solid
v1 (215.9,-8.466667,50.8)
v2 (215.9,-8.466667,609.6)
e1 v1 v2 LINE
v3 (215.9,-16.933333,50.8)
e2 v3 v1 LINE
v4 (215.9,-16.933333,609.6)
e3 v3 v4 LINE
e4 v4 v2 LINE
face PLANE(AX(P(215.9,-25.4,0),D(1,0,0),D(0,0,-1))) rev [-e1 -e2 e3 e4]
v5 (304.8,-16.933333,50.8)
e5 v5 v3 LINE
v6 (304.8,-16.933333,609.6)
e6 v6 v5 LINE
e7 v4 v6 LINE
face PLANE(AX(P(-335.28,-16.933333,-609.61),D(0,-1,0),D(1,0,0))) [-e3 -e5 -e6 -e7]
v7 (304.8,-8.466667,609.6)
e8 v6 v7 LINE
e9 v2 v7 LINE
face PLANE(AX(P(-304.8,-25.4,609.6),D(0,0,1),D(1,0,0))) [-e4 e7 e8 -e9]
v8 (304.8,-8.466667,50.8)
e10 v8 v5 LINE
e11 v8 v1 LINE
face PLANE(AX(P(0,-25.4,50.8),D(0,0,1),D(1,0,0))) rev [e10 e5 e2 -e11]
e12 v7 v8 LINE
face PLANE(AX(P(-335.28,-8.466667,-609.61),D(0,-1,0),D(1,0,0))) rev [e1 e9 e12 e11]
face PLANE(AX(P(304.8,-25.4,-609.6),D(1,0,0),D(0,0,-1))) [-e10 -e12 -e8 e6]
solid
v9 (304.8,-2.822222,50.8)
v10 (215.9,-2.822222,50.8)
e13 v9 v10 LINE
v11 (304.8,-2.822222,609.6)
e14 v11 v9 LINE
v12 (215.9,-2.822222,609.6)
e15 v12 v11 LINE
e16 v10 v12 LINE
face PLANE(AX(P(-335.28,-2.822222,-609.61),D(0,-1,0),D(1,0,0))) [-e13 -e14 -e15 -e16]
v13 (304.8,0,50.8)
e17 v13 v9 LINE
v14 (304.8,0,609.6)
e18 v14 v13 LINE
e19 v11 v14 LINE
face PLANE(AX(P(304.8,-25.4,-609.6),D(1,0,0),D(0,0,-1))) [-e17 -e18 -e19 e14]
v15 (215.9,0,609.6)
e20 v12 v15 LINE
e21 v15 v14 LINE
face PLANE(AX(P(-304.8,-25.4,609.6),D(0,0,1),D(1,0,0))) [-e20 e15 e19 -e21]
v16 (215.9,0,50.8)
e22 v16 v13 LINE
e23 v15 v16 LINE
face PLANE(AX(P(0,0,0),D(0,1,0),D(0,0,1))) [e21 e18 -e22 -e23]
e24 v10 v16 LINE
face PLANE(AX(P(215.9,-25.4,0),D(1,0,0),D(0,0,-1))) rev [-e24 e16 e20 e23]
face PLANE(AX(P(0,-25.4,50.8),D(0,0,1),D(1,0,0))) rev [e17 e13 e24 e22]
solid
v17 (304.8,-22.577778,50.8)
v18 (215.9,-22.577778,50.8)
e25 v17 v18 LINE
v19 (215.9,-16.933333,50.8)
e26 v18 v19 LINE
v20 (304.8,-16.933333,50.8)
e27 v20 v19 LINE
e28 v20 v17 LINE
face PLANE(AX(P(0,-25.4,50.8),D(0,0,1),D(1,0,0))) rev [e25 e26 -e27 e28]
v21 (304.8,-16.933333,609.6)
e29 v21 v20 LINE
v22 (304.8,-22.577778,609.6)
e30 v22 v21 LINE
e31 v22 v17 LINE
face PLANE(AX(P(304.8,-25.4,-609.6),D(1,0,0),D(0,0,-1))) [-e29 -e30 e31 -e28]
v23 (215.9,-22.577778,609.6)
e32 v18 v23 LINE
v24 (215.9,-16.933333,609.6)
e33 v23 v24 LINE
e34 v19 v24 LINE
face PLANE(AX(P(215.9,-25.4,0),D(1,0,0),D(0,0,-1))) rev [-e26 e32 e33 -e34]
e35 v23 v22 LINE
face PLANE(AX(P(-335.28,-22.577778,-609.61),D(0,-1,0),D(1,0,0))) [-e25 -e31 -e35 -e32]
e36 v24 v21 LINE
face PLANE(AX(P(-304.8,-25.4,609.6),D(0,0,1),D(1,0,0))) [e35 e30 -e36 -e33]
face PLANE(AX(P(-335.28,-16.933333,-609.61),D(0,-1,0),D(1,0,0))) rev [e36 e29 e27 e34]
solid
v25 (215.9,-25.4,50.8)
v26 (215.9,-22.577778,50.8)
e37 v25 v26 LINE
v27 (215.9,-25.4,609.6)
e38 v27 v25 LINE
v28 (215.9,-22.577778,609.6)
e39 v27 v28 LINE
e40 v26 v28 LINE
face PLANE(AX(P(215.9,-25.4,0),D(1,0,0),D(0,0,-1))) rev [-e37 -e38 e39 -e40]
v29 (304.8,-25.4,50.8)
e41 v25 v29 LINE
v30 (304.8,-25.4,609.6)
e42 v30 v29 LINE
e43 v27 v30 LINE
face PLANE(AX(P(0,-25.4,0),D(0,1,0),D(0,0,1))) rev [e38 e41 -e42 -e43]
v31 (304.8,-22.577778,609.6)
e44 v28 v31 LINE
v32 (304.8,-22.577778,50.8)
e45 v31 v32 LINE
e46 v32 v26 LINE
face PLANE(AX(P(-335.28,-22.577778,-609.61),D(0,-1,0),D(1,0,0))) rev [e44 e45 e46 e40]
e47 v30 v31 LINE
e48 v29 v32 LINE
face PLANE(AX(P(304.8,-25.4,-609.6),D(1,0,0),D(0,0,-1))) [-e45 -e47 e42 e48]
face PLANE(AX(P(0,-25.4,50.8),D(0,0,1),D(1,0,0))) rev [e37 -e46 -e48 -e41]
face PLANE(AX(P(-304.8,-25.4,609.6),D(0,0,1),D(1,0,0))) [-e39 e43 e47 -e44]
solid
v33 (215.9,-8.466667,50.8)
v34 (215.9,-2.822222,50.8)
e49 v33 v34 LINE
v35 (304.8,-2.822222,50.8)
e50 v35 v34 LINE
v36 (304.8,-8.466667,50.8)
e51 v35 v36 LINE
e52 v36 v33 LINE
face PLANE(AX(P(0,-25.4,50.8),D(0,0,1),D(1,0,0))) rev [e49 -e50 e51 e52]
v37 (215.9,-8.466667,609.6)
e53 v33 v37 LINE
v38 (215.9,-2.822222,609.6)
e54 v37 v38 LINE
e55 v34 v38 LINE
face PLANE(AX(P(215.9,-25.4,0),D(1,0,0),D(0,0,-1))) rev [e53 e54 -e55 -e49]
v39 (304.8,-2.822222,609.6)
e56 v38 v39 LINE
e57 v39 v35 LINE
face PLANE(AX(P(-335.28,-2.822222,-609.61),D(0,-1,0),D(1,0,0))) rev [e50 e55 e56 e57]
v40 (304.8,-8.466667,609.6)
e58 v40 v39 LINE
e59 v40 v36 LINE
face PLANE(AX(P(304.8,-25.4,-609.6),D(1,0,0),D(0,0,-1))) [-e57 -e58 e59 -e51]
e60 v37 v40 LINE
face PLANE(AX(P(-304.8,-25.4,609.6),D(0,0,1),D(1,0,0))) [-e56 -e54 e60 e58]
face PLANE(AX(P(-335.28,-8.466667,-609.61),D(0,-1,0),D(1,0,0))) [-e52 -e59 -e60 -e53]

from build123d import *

# Parameters (mm, degrees)
SKETCH3_W                = 609.6
SKETCH3_H                = 1219.2
BOSS_EXTRUDE1_DEPTH      = 25.4
SPLIT1_SURFACE_1_1_BACK  = 1364.344
SPLIT1_SURFACE_1_1_DEPTH = 2728.688
SPLIT1_SURFACE_1_2_BACK  = 1364.344
SPLIT1_SURFACE_1_2_DEPTH = 2728.688
SPLIT1_SURFACE_2_3_BACK  = 1364.344
SPLIT1_SURFACE_2_3_DEPTH = 2728.688
SPLIT1_SURFACE_2_4_BACK  = 1364.344
SPLIT1_SURFACE_2_4_DEPTH = 2728.688
SPLIT1_SURFACE_3_5_BACK  = 1364.344
SPLIT1_SURFACE_3_5_DEPTH = 2728.688
SPLIT1_SURFACE_3_6_BACK  = 1364.344
SPLIT1_SURFACE_3_6_DEPTH = 2728.688
SPLIT1_SURFACE_4_7_BACK  = 1364.344
SPLIT1_SURFACE_4_7_DEPTH = 2728.688
SPLIT1_SURFACE_4_8_BACK  = 1364.344
SPLIT1_SURFACE_4_8_DEPTH = 2728.688
CUT_EXTRUDE1_DEPTH       = 25.4


with BuildPart() as part:
    # Sketch3 → Boss-Extrude1 (new body)
    with BuildSketch(Plane(origin=(0, 0, 0), x_dir=(1, 0, 0), z_dir=(0, 1, 0))):
        Rectangle(SKETCH3_W, SKETCH3_H)
    extrude(amount=-BOSS_EXTRUDE1_DEPTH)


with BuildPart() as body_2:
    # Split1: the piece behind the surface
    add(part.part)
    # Split1 surface 1: a surface, the sketch's curves swept straight by 2728.688 mm
    with BuildLine(Plane.XY.offset(-SPLIT1_SURFACE_1_1_BACK), mode=Mode.PRIVATE) as split1_surface_1_1_path:
        Line((-335.28, -22.577777778), (335.28, -22.577777778))
    split1_surface_1_1 = Shell.extrude(split1_surface_1_1_path.wire(), (0 * SPLIT1_SURFACE_1_1_DEPTH, 0 * SPLIT1_SURFACE_1_1_DEPTH, 1 * SPLIT1_SURFACE_1_1_DEPTH))
    split(bisect_by=split1_surface_1_1, keep=Keep.BOTTOM)


with BuildPart() as part_1:
    add(part.part)

    # Split1: split by a surface, the side it looks to stays
    # Split1 surface 1: a surface, the sketch's curves swept straight by 2728.688 mm
    with BuildLine(Plane.XY.offset(-SPLIT1_SURFACE_1_2_BACK), mode=Mode.PRIVATE) as split1_surface_1_2_path:
        Line((-335.28, -22.577777778), (335.28, -22.577777778))
    split1_surface_1_2 = Shell.extrude(split1_surface_1_2_path.wire(), (0 * SPLIT1_SURFACE_1_2_DEPTH, 0 * SPLIT1_SURFACE_1_2_DEPTH, 1 * SPLIT1_SURFACE_1_2_DEPTH))
    split(bisect_by=split1_surface_1_2, keep=Keep.TOP)


with BuildPart() as body_3:
    # Split1 2: the piece behind the surface
    add(part_1.part)
    # Split1 surface 2: a surface, the sketch's curves swept straight by 2728.688 mm
    with BuildLine(Plane.XY.offset(-SPLIT1_SURFACE_2_3_BACK), mode=Mode.PRIVATE) as split1_surface_2_3_path:
        Line((-335.28, -16.933333333), (335.28, -16.933333333))
    split1_surface_2_3 = Shell.extrude(split1_surface_2_3_path.wire(), (0 * SPLIT1_SURFACE_2_3_DEPTH, 0 * SPLIT1_SURFACE_2_3_DEPTH, 1 * SPLIT1_SURFACE_2_3_DEPTH))
    split(bisect_by=split1_surface_2_3, keep=Keep.BOTTOM)


with BuildPart() as part_2:
    add(part_1.part)

    # Split1 2: split by a surface, the side it looks to stays
    # Split1 surface 2: a surface, the sketch's curves swept straight by 2728.688 mm
    with BuildLine(Plane.XY.offset(-SPLIT1_SURFACE_2_4_BACK), mode=Mode.PRIVATE) as split1_surface_2_4_path:
        Line((-335.28, -16.933333333), (335.28, -16.933333333))
    split1_surface_2_4 = Shell.extrude(split1_surface_2_4_path.wire(), (0 * SPLIT1_SURFACE_2_4_DEPTH, 0 * SPLIT1_SURFACE_2_4_DEPTH, 1 * SPLIT1_SURFACE_2_4_DEPTH))
    split(bisect_by=split1_surface_2_4, keep=Keep.TOP)


with BuildPart() as body_4_2:
    # Split1 3: the piece behind the surface
    add(part_2.part)
    # Split1 surface 3: a surface, the sketch's curves swept straight by 2728.688 mm
    with BuildLine(Plane.XY.offset(-SPLIT1_SURFACE_3_5_BACK), mode=Mode.PRIVATE) as split1_surface_3_5_path:
        Line((-335.28, -2.822222222), (335.28, -2.822222222))
    split1_surface_3_5 = Shell.extrude(split1_surface_3_5_path.wire(), (0 * SPLIT1_SURFACE_3_5_DEPTH, 0 * SPLIT1_SURFACE_3_5_DEPTH, 1 * SPLIT1_SURFACE_3_5_DEPTH))
    split(bisect_by=split1_surface_3_5, keep=Keep.BOTTOM)


with BuildPart() as part_3:
    add(part_2.part)

    # Split1 3: split by a surface, the side it looks to stays
    # Split1 surface 3: a surface, the sketch's curves swept straight by 2728.688 mm
    with BuildLine(Plane.XY.offset(-SPLIT1_SURFACE_3_6_BACK), mode=Mode.PRIVATE) as split1_surface_3_6_path:
        Line((-335.28, -2.822222222), (335.28, -2.822222222))
    split1_surface_3_6 = Shell.extrude(split1_surface_3_6_path.wire(), (0 * SPLIT1_SURFACE_3_6_DEPTH, 0 * SPLIT1_SURFACE_3_6_DEPTH, 1 * SPLIT1_SURFACE_3_6_DEPTH))
    split(bisect_by=split1_surface_3_6, keep=Keep.TOP)


with BuildPart() as body_5_2:
    # Split1 4 body 4 2: the piece behind the surface
    add(body_4_2.part)
    # Split1 surface 4: a surface, the sketch's curves swept straight by 2728.688 mm
    with BuildLine(Plane.XY.offset(-SPLIT1_SURFACE_4_7_BACK), mode=Mode.PRIVATE) as split1_surface_4_7_path:
        Line((-335.28, -8.466666667), (335.28, -8.466666667))
    split1_surface_4_7 = Shell.extrude(split1_surface_4_7_path.wire(), (0 * SPLIT1_SURFACE_4_7_DEPTH, 0 * SPLIT1_SURFACE_4_7_DEPTH, 1 * SPLIT1_SURFACE_4_7_DEPTH))
    split(bisect_by=split1_surface_4_7, keep=Keep.BOTTOM)


with BuildPart() as body_4_2_1:
    add(body_4_2.part)

    # Split1 4 body 4 2: split by a surface, the side it looks to stays
    # Split1 surface 4: a surface, the sketch's curves swept straight by 2728.688 mm
    with BuildLine(Plane.XY.offset(-SPLIT1_SURFACE_4_8_BACK), mode=Mode.PRIVATE) as split1_surface_4_8_path:
        Line((-335.28, -8.466666667), (335.28, -8.466666667))
    split1_surface_4_8 = Shell.extrude(split1_surface_4_8_path.wire(), (0 * SPLIT1_SURFACE_4_8_DEPTH, 0 * SPLIT1_SURFACE_4_8_DEPTH, 1 * SPLIT1_SURFACE_4_8_DEPTH))
    split(bisect_by=split1_surface_4_8, keep=Keep.TOP)


with BuildPart() as cut_extrude1_tool:
    # Sketch6 → Cut-Extrude1 (new body)
    with BuildSketch(Plane(origin=(0, 0, 0), x_dir=(1, 0, 0), z_dir=(0, 1, 0))):
        Polygon((-304.8, -609.6), (215.9, -609.6), (215.9, -50.8), (304.8, -50.8), (304.8, 609.6), (-304.8, 609.6), align=None)
    extrude(amount=-CUT_EXTRUDE1_DEPTH)


with BuildPart() as part_4:
    add(part_3.part)

    # Cut-Extrude1: cut by cut_extrude1_tool
    add(cut_extrude1_tool.part, mode=Mode.SUBTRACT)


with BuildPart() as body_2_1:
    add(body_2.part)

    # Cut-Extrude1: cut by cut_extrude1_tool
    add(cut_extrude1_tool.part, mode=Mode.SUBTRACT)


with BuildPart() as body_3_1:
    add(body_3.part)

    # Cut-Extrude1: cut by cut_extrude1_tool
    add(cut_extrude1_tool.part, mode=Mode.SUBTRACT)


with BuildPart() as body_4_2_2:
    add(body_4_2_1.part)

    # Cut-Extrude1: cut by cut_extrude1_tool
    add(cut_extrude1_tool.part, mode=Mode.SUBTRACT)


with BuildPart() as body_5_2_1:
    add(body_5_2.part)

    # Cut-Extrude1: cut by cut_extrude1_tool
    add(cut_extrude1_tool.part, mode=Mode.SUBTRACT)


solid = Compound([part_4.part, body_2_1.part, body_3_1.part, body_4_2_2.part, body_5_2_1.part])
